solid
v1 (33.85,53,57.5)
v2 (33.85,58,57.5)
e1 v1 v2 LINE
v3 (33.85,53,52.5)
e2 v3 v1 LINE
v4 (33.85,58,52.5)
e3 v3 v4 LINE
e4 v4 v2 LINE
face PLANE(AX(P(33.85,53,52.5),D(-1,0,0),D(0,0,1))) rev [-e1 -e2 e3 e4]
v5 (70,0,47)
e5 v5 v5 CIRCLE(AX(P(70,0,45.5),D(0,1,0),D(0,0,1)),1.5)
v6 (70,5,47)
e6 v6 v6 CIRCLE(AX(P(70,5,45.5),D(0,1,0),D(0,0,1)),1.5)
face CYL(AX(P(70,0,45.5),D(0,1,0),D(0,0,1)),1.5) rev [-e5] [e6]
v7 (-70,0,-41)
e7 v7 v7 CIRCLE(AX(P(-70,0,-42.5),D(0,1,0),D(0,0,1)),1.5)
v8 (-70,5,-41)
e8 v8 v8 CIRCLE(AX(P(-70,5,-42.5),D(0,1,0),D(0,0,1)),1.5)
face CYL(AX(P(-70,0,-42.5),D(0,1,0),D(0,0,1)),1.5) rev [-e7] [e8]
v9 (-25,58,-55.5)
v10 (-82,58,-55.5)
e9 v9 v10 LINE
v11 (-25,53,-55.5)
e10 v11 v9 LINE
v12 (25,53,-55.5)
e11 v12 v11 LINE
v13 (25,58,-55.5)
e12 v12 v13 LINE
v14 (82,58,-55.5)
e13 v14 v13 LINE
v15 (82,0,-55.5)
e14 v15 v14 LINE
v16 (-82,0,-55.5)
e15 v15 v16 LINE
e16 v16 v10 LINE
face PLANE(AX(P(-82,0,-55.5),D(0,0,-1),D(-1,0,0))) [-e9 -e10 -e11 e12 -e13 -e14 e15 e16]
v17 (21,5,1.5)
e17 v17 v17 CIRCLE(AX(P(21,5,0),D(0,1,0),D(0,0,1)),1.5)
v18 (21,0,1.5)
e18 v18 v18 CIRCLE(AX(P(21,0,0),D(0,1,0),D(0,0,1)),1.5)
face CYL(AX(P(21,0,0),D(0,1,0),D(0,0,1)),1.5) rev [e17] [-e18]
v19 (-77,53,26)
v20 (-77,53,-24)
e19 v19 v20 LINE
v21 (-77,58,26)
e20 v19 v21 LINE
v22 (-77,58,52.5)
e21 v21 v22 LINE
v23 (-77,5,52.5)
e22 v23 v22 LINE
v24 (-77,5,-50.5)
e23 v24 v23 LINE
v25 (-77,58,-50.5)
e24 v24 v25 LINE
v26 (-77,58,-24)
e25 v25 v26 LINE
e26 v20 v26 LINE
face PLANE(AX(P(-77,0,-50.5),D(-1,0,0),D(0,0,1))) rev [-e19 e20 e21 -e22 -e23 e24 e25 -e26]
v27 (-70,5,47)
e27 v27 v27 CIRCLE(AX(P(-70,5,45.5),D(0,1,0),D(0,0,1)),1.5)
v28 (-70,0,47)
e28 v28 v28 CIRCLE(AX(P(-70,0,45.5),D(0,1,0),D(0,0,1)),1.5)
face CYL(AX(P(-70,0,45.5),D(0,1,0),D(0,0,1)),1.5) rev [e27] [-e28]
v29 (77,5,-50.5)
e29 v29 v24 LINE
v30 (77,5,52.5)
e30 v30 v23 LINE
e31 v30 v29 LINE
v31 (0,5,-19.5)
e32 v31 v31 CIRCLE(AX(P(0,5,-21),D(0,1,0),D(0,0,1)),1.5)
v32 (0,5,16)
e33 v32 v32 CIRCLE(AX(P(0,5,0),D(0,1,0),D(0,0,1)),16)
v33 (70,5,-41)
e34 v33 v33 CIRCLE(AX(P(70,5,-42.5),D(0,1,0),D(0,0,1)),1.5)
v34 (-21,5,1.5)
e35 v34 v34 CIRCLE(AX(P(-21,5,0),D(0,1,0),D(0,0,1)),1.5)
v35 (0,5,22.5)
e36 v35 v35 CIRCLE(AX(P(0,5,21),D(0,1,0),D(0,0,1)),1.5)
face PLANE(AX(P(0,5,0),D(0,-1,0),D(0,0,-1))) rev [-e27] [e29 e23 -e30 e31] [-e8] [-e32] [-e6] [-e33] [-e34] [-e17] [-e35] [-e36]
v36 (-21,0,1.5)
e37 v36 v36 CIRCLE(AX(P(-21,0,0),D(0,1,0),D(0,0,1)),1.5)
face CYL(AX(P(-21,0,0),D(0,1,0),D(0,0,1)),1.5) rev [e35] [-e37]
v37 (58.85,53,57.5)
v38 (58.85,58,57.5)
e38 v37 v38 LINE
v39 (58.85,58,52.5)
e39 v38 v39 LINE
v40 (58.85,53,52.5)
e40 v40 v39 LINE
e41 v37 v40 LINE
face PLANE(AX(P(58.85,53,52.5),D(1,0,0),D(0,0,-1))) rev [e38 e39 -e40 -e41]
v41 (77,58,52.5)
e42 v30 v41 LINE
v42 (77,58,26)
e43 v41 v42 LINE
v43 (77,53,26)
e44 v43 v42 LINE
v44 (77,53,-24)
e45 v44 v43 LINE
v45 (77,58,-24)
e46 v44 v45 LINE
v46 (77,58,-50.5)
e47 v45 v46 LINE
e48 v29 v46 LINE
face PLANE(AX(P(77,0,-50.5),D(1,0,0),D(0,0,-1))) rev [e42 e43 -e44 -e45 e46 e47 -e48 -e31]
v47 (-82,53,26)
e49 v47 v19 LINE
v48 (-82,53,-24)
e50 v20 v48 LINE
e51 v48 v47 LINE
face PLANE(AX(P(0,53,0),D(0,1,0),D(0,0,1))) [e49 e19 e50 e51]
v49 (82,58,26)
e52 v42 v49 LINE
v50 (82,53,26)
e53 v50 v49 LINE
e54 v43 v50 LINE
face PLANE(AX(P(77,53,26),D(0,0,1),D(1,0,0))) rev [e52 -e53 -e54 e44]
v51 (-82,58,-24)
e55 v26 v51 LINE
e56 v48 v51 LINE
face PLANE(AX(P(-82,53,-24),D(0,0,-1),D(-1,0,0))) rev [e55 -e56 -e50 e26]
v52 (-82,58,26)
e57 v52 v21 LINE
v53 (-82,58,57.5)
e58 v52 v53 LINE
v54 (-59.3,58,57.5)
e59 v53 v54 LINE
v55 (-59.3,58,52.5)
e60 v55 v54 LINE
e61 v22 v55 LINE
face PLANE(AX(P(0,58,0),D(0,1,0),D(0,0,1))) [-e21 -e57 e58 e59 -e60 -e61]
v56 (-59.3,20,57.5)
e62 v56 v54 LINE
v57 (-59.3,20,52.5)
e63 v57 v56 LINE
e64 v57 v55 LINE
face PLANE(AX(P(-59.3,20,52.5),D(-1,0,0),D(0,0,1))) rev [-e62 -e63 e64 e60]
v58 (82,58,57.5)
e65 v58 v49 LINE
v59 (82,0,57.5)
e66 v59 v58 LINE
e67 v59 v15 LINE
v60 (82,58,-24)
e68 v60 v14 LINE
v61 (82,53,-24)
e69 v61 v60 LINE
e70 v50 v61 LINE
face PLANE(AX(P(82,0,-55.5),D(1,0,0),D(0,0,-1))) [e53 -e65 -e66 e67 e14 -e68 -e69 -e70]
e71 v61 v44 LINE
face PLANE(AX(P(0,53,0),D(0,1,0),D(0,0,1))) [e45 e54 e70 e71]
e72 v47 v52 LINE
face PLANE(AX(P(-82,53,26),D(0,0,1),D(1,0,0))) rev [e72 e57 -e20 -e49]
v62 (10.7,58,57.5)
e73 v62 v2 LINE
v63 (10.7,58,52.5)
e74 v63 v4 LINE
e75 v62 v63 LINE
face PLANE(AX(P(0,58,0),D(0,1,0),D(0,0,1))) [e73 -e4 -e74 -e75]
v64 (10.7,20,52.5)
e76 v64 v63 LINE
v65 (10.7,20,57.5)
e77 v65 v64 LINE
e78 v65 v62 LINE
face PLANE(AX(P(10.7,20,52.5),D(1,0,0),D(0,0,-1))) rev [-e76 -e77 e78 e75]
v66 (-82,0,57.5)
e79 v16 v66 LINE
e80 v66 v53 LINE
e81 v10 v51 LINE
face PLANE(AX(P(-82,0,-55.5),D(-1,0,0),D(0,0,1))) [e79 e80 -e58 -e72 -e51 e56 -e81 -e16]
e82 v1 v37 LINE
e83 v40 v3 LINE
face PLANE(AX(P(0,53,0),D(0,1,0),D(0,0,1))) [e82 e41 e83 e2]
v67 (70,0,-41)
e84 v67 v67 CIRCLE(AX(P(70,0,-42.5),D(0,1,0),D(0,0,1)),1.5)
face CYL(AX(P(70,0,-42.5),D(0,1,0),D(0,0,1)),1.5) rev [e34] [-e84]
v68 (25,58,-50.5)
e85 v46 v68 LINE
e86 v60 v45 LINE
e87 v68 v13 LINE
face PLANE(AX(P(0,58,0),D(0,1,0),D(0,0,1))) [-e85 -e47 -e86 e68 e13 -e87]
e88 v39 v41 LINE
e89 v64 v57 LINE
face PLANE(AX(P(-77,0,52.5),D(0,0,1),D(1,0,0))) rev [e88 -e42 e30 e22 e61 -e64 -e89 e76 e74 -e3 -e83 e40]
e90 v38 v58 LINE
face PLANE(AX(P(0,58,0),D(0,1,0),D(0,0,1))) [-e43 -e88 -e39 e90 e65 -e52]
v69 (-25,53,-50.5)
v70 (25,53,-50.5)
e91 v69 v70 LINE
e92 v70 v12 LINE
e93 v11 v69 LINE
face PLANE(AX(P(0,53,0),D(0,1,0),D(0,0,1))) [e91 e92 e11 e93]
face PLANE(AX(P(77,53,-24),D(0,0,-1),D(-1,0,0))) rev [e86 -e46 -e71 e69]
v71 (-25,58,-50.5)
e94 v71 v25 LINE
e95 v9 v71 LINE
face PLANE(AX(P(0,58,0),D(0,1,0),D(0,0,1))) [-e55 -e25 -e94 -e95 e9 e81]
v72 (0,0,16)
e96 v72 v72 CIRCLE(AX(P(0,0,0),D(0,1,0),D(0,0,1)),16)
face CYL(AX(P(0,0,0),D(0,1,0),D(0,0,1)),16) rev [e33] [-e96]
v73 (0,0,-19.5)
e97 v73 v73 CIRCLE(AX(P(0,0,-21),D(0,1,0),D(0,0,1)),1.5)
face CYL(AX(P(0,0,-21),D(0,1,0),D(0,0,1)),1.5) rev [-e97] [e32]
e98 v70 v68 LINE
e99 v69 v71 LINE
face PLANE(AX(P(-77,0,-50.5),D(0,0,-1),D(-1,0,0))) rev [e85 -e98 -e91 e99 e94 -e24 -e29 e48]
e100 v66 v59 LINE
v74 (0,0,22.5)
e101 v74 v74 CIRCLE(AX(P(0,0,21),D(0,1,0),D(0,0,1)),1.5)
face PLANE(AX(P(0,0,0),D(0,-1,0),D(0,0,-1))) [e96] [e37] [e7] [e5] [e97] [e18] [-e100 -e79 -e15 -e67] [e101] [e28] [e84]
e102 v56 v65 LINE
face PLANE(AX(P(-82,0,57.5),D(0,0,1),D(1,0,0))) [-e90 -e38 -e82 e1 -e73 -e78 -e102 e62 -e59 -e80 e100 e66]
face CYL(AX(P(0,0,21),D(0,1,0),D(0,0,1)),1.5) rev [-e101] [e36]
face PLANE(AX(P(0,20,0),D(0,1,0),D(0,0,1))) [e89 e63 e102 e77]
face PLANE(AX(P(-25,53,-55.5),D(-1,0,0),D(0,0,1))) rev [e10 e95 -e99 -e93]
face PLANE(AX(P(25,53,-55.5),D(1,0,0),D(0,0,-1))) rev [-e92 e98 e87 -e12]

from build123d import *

# Parameters (mm, degrees)
ESQUISSE1_W             = 154
ESQUISSE1_H             = 101
BOSS_EXTRU_1_DEPTH      = 5
ESQUISSE2_R             = 16
ESQUISSE2_R_2           = 1.5
ENL_V_MAT_EXTRU_2_DEPTH = 5
ESQUISSE3_R             = 1.5
ENL_V_MAT_EXTRU_3_DEPTH = 5
ESQUISSE8_W             = 164
ESQUISSE8_H             = 113
ESQUISSE8_W_2           = 154
ESQUISSE8_H_2           = 103
BOSS_EXTRU_3_DEPTH      = 53
BOSS_EXTRU_3_DEPTH_BACK = 5
ESQUISSE9_W             = 154
ESQUISSE9_H             = 2
BOSS_EXTRU_4_DEPTH      = 5
ESQUISSE11_W            = 70
ESQUISSE11_H            = 5
ENL_V_MAT_EXTRU_7_DEPTH = 38
ESQUISSE12_W            = 50
ESQUISSE12_H            = 5
ESQUISSE12_W_2          = 5
ESQUISSE12_H_2          = 50
ENL_V_MAT_EXTRU_8_DEPTH = 5
ESQUISSE13_W            = 25
ESQUISSE13_H            = 5
ENL_V_MAT_EXTRU_9_DEPTH = 5


with BuildPart() as part:
    # Esquisse1 → Boss.-Extru.1 (new body)
    with BuildSketch(Plane(origin=(0, 0, 0), x_dir=(1, 0, 0), z_dir=(0, 1, 0))):
        Rectangle(ESQUISSE1_W, ESQUISSE1_H)
    extrude(amount=BOSS_EXTRU_1_DEPTH)

    # Esquisse2 → Enlèv. mat.-Extru.2 (cut)
    with BuildSketch(Plane(origin=(0, 5, 0), x_dir=(1, 0, 0), z_dir=(0, 1, 0))):
        Circle(ESQUISSE2_R)
        with Locations((0, 21)):
            Circle(ESQUISSE2_R_2)
        with Locations((-21, 0)):
            Circle(ESQUISSE2_R_2)
        with Locations((21, 0)):
            Circle(ESQUISSE2_R_2)
        with Locations((0, -21)):
            Circle(ESQUISSE2_R_2)
    extrude(amount=-ENL_V_MAT_EXTRU_2_DEPTH, mode=Mode.SUBTRACT)

    # Esquisse3 → Enlèv. mat.-Extru.3 (cut)
    with BuildSketch(Plane(origin=(0, 5, 0), x_dir=(1, 0, 0), z_dir=(0, 1, 0))):
        with Locations((70, -45.5)):
            Circle(ESQUISSE3_R)
        with Locations((-70, -45.5)):
            Circle(ESQUISSE3_R)
        with Locations((-70, 42.5)):
            Circle(ESQUISSE3_R)
        with Locations((70, 42.5)):
            Circle(ESQUISSE3_R)
    extrude(amount=-ENL_V_MAT_EXTRU_3_DEPTH, mode=Mode.SUBTRACT)



with BuildPart() as body_2:
    # Esquisse8 → Boss.-Extru.3 (new body, two sides)
    with BuildSketch(Plane(origin=(0, 5, 0), x_dir=(1, 0, 0), z_dir=(0, 1, 0))) as boss_extru_3_sk:
        with Locations((0, -1)):
            Rectangle(ESQUISSE8_W, ESQUISSE8_H)
        with Locations((0, -1)):
            Rectangle(ESQUISSE8_W_2, ESQUISSE8_H_2, mode=Mode.SUBTRACT)
    extrude(amount=BOSS_EXTRU_3_DEPTH)
    extrude(boss_extru_3_sk.sketch, amount=-BOSS_EXTRU_3_DEPTH_BACK)


with BuildPart() as part_1:
    add(part.part)

    add(body_2.part)  # Boss.-Extru.4 merges body 2
    # Esquisse9 → Boss.-Extru.4 (add)
    with BuildSketch(Plane(origin=(0, 0, 0), x_dir=(-1, 0, 0), z_dir=(0, -1, 0))):
        with Locations((0, -51.5)):
            Rectangle(ESQUISSE9_W, ESQUISSE9_H)
    extrude(amount=-BOSS_EXTRU_4_DEPTH)

    # Esquisse11 → Enlèv. mat.-Extru.7 (cut)
    with BuildSketch(Plane(origin=(0, 58, 0), x_dir=(1, 0, 0), z_dir=(0, 1, 0))):
        with Locations((-24.3, -55)):
            Rectangle(ESQUISSE11_W, ESQUISSE11_H)
    extrude(amount=-ENL_V_MAT_EXTRU_7_DEPTH, mode=Mode.SUBTRACT)

    # Esquisse12 → Enlèv. mat.-Extru.8 (cut)
    with BuildSketch(Plane(origin=(0, 58, 0), x_dir=(1, 0, 0), z_dir=(0, 1, 0))):
        with Locations((0, 53)):
            Rectangle(ESQUISSE12_W, ESQUISSE12_H)
        with Locations((79.5, -1)):
            Rectangle(ESQUISSE12_W_2, ESQUISSE12_H_2)
        with Locations((-79.5, -1)):
            Rectangle(ESQUISSE12_W_2, ESQUISSE12_H_2)
    extrude(amount=-ENL_V_MAT_EXTRU_8_DEPTH, mode=Mode.SUBTRACT)

    # Esquisse13 → Enlèv. mat.-Extru.9 (cut)
    with BuildSketch(Plane(origin=(0, 58, 0), x_dir=(1, 0, 0), z_dir=(0, 1, 0))):
        with Locations((46.35, -55)):
            Rectangle(ESQUISSE13_W, ESQUISSE13_H)
    extrude(amount=-ENL_V_MAT_EXTRU_9_DEPTH, mode=Mode.SUBTRACT)


solid = part_1.part
